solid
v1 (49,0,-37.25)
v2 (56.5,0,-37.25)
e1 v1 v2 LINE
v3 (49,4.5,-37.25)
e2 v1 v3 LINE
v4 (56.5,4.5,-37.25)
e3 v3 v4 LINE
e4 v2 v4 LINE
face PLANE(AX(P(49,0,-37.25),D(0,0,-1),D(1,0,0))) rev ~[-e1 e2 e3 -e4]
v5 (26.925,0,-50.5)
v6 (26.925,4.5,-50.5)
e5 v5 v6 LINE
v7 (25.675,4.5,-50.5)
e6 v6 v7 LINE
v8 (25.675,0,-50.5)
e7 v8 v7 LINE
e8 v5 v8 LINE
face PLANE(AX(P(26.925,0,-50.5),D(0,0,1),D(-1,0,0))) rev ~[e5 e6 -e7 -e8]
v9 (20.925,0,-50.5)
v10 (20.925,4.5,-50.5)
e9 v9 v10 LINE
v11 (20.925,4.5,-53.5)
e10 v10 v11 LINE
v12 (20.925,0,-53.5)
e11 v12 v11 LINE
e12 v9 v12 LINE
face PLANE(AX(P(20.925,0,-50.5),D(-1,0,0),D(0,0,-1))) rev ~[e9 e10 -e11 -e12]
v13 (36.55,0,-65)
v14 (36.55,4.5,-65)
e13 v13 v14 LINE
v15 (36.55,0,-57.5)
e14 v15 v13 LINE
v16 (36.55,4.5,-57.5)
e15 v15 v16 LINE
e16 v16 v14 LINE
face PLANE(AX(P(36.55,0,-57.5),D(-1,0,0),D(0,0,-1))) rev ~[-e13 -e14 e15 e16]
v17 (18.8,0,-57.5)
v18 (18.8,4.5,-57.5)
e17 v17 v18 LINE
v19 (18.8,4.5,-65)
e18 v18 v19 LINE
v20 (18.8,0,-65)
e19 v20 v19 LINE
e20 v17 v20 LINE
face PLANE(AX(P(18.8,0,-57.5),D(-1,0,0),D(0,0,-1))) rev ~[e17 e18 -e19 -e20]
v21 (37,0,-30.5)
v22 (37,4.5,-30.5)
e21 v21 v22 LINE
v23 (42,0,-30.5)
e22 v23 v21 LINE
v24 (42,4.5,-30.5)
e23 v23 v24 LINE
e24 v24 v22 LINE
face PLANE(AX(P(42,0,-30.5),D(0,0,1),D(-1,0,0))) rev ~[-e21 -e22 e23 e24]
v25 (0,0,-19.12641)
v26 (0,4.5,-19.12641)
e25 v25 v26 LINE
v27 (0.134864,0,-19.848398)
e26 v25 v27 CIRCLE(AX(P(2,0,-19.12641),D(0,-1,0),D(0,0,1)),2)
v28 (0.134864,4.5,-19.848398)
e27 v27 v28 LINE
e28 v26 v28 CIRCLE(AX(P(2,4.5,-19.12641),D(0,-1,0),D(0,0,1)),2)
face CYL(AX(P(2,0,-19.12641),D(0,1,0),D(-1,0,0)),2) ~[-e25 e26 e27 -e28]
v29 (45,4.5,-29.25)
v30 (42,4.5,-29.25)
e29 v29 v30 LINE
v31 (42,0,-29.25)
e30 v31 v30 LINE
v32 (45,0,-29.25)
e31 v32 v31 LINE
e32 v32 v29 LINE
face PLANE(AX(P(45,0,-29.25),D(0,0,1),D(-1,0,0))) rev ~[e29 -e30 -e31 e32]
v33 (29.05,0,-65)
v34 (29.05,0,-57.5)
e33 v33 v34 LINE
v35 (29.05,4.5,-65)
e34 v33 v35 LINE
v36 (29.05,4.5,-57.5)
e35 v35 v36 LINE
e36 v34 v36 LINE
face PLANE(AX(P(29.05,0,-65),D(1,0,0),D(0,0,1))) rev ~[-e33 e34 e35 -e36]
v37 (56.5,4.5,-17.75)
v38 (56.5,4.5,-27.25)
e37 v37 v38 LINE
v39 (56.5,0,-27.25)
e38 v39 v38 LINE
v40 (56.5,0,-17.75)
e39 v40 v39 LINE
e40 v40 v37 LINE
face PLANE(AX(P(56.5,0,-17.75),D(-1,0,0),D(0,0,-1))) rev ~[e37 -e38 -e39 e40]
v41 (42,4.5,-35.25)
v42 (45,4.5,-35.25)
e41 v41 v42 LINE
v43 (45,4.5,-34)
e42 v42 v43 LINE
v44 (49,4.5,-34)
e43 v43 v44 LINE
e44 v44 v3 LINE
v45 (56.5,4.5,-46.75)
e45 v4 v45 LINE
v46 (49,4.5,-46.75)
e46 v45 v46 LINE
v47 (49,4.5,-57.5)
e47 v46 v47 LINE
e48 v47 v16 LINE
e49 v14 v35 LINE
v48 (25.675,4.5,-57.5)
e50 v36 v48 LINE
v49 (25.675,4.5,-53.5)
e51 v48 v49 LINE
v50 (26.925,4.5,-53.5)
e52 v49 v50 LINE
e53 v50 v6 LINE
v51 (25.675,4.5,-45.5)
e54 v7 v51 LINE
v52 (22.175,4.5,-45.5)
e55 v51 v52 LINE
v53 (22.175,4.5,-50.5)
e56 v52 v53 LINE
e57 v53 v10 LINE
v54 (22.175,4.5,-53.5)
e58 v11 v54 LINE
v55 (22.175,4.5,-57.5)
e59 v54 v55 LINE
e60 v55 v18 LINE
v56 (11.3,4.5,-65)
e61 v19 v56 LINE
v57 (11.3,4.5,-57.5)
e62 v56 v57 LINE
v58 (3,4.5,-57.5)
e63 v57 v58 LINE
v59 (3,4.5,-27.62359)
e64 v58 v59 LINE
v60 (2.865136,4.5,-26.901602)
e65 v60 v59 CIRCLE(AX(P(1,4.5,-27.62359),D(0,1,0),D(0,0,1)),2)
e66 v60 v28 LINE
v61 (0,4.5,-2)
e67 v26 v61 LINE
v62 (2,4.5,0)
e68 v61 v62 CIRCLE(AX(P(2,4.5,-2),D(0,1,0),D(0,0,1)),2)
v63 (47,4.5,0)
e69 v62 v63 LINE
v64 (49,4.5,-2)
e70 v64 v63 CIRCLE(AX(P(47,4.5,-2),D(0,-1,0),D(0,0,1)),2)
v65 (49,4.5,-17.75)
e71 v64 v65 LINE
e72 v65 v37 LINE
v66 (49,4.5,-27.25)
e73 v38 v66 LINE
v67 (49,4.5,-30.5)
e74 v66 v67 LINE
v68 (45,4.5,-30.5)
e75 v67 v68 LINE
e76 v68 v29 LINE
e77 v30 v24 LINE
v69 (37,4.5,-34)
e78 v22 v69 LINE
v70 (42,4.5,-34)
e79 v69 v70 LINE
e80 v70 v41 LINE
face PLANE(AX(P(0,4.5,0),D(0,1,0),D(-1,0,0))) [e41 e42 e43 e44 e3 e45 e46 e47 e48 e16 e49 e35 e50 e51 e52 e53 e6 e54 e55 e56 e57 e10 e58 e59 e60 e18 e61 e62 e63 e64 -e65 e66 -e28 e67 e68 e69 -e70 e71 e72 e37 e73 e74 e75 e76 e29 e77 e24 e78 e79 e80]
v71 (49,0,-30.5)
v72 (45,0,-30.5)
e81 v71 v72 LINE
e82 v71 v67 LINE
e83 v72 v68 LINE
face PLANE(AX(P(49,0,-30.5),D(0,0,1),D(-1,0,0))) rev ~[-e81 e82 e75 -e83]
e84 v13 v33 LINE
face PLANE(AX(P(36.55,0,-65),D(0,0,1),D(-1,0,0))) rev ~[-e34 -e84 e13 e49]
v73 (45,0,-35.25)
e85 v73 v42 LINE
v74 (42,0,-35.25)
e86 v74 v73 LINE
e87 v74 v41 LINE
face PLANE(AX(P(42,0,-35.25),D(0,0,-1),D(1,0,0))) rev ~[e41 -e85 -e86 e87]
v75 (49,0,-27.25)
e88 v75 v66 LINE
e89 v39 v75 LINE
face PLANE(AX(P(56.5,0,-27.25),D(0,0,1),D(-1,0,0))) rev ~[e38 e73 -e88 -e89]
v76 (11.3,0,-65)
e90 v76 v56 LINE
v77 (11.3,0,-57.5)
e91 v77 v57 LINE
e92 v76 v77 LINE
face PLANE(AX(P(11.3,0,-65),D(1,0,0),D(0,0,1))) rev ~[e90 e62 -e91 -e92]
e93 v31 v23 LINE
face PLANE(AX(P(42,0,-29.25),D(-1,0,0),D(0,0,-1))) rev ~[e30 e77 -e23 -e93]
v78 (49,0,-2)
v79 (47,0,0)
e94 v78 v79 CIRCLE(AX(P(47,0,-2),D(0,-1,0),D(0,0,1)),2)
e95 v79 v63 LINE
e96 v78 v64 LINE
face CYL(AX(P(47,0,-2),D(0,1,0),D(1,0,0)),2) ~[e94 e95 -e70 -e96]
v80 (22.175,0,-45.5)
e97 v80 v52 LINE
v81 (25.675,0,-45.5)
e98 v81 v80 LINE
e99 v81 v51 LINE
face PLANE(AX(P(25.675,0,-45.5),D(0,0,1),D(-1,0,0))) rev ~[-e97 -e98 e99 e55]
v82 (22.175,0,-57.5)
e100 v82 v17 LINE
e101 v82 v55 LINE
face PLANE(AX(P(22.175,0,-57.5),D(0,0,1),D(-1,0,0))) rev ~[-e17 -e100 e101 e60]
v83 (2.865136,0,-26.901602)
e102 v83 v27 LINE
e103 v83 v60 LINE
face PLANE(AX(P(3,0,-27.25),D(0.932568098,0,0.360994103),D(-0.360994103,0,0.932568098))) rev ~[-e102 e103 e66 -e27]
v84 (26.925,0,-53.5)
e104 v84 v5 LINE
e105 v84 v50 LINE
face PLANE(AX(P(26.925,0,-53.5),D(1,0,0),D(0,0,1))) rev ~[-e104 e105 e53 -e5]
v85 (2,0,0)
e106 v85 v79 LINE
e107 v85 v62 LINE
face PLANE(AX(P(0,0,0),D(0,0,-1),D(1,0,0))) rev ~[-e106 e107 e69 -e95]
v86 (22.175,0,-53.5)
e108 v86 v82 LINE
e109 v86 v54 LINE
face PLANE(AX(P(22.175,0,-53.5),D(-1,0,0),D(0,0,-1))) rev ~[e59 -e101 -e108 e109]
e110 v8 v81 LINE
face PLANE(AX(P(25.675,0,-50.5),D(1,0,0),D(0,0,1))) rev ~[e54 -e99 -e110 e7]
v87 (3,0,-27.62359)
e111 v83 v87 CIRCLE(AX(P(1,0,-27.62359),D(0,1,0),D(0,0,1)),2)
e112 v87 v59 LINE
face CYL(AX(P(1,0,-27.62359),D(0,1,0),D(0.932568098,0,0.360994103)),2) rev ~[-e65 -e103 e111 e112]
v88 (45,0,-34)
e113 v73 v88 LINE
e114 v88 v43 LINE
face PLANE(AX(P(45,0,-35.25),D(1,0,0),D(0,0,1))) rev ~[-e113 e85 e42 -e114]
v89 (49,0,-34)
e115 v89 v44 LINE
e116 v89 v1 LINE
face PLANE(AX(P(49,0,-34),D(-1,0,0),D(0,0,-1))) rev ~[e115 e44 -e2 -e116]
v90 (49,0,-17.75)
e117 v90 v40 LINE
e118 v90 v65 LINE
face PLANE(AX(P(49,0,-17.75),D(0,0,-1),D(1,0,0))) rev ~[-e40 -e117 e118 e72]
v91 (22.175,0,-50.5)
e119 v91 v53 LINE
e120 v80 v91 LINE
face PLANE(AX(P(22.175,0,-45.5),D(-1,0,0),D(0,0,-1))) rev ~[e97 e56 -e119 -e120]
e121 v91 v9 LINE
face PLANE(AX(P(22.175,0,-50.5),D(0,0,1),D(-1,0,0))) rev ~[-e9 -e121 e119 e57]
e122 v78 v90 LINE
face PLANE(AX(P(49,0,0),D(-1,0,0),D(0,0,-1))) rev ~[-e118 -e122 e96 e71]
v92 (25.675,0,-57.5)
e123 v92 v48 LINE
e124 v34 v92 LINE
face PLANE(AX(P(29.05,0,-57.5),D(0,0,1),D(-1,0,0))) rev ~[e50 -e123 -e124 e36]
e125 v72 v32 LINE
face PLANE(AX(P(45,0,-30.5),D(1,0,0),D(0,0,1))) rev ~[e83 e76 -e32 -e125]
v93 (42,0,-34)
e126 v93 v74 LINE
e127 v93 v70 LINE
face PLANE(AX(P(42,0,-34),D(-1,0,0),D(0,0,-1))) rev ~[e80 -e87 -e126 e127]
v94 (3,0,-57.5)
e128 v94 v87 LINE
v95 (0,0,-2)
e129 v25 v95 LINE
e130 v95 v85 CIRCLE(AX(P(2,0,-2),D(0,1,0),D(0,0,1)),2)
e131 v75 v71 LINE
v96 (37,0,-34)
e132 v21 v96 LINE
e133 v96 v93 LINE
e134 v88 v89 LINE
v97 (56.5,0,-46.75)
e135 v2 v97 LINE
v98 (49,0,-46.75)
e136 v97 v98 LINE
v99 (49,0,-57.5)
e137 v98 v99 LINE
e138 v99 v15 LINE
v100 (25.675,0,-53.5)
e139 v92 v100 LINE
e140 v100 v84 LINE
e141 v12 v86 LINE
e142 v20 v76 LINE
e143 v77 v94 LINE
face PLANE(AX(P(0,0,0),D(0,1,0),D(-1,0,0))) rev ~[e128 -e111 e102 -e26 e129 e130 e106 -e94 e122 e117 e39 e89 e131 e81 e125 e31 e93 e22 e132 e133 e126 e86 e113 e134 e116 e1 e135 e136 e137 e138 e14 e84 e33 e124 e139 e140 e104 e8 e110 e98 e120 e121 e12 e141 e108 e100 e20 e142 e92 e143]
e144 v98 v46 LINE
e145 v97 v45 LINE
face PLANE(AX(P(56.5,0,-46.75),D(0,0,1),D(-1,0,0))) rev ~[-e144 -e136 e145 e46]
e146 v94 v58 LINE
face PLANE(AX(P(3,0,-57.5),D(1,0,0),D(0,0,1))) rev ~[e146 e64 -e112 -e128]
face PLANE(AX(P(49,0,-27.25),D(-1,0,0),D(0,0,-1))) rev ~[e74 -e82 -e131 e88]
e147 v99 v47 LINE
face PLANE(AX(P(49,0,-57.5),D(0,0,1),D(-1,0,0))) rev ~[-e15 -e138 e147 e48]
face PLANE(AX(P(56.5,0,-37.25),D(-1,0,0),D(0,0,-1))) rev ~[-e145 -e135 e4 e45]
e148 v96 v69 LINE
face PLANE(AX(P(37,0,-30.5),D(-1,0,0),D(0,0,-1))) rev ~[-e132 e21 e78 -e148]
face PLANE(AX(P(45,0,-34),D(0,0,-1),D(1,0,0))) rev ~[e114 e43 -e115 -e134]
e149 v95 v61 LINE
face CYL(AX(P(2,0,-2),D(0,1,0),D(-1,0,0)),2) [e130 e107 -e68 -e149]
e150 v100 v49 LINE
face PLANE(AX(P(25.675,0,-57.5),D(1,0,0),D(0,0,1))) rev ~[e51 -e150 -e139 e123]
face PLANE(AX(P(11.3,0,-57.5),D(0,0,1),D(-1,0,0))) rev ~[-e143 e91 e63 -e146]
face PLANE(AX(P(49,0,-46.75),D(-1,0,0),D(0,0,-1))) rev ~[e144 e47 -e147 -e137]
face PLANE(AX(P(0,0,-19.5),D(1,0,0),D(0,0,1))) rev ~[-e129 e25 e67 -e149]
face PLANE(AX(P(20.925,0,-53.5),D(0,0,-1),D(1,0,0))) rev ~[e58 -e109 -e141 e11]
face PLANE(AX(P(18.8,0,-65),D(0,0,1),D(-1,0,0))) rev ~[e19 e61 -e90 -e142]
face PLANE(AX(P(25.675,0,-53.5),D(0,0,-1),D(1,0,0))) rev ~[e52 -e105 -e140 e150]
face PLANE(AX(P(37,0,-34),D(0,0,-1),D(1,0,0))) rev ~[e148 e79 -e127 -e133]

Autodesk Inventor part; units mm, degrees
ref_plane "YZ Plane" through (0, 0, 0) normal (1, 0, 0) x (0, 1, 0)
ref_plane "XY Plane" through (0, 0, 0) normal (0, 0, 1) x (1, 0, 0)
sketch "Sketch1" plane through (0, 0, 0) normal (0, 1, 0) x (-1, 0, 0)
  line L0 (0, 0) -> (-49, 0)
  line L1 (-49, 0) -> (-49, -17.75)
  line L2 (-49, -17.75) -> (-56.5, -17.75)
  line L3 (-56.5, -17.75) -> (-56.5, -27.25)
  line L4 (-56.5, -27.25) -> (-49, -27.25)
  line L5 (-49, -27.25) -> (-49, -30.5)
  line L6 (-49, -30.5) -> (-45, -30.5)
  line L7 (-45, -30.5) -> (-45, -29.25)
  line L8 (-45, -29.25) -> (-42, -29.25)
  line L9 (-42, -29.25) -> (-42, -30.5)
  line L10 (-42, -30.5) -> (-37, -30.5)
  line L11 (-37, -30.5) -> (-37, -34)
  line L12 (-37, -34) -> (-42, -34)
  line L13 (-42, -34) -> (-42, -35.25)
  line L14 (-42, -35.25) -> (-45, -35.25)
  line L15 (-45, -35.25) -> (-45, -34)
  line L16 (-45, -34) -> (-49, -34)
  line L17 (-49, -34) -> (-49, -37.25)
  line L18 (-49, -37.25) -> (-56.5, -37.25)
  line L19 (-56.5, -37.25) -> (-56.5, -46.75)
  line L20 (-56.5, -46.75) -> (-49, -46.75)
  line L21 (-49, -46.75) -> (-49, -57.5)
  line L22 (-49, -57.5) -> (-36.55, -57.5)
  line L23 (-36.55, -57.5) -> (-36.55, -65)
  line L24 (-36.55, -65) -> (-29.05, -65)
  line L25 (-29.05, -65) -> (-29.05, -57.5)
  line L26 (-29.05, -57.5) -> (-25.675, -57.5)
  line L27 (-25.675, -57.5) -> (-25.675, -53.5)
  line L28 (-25.675, -53.5) -> (-26.925, -53.5)
  line L29 (-26.925, -53.5) -> (-26.925, -50.5)
  line L30 (-26.925, -50.5) -> (-25.675, -50.5)
  line L31 (-25.675, -50.5) -> (-25.675, -45.5)
  line L32 (-25.675, -45.5) -> (-22.175, -45.5)
  line L33 (-22.175, -45.5) -> (-22.175, -50.5)
  line L34 (-22.175, -50.5) -> (-20.925, -50.5)
  line L35 (-20.925, -50.5) -> (-20.925, -53.5)
  line L36 (-20.925, -53.5) -> (-22.175, -53.5)
  line L37 (-22.175, -53.5) -> (-22.175, -57.5)
  line L38 (-22.175, -57.5) -> (-18.8, -57.5)
  line L39 (-18.8, -57.5) -> (-18.8, -65)
  line L40 (-18.8, -65) -> (-11.3, -65)
  line L41 (-11.3, -65) -> (-11.3, -57.5)
  line L42 (-11.3, -57.5) -> (-3, -57.5)
  line L43 (-3, -57.5) -> (-3, -27.25)
  line L44 (-3, -27.25) -> (0, -19.5)
  line L45 (0, -19.5) -> (0, 0)
  dimension "d0" = 49
  dimension "d1" = 65
  dimension "d2" = 7.5
  dimension "d3" = 17.75
  dimension "d4" = 7.5
  dimension "d5" = 19.5
  dimension "d6" = 46
  dimension "d7" = 10
  dimension "d8" = 3.5
  dimension "d9" = 6
  dimension "d10" = 4
  dimension "d11" = 3
  dimension "d12" = 5
  dimension "d14" = 10.25
  dimension "d15" = 8.3
  dimension "d16" = 6
  dimension "d17" = 3.5
  dimension "d21" = 9.5
extrude "Extrusion1" add sketch "Sketch1" along normal blind 4.5
fillet "Fillet1" radius 2 4 edges at (0, 2.25, 0) (49, 2.25, 0) (0, 2.25, -19.5) (3, 2.25, -27.25)
ref_plane "Work Plane1" through (0, 2.25, 0) normal (0, 1, 0) x (-1, 0, 0)
equation "\"d16\" = d9"
equation "\"d17\" = d8"
equation "\"d22\" = 0.5 * THICKNESS"
equation "\"THICKNESS\" = 4.5"
properties part number "A8-0001"
